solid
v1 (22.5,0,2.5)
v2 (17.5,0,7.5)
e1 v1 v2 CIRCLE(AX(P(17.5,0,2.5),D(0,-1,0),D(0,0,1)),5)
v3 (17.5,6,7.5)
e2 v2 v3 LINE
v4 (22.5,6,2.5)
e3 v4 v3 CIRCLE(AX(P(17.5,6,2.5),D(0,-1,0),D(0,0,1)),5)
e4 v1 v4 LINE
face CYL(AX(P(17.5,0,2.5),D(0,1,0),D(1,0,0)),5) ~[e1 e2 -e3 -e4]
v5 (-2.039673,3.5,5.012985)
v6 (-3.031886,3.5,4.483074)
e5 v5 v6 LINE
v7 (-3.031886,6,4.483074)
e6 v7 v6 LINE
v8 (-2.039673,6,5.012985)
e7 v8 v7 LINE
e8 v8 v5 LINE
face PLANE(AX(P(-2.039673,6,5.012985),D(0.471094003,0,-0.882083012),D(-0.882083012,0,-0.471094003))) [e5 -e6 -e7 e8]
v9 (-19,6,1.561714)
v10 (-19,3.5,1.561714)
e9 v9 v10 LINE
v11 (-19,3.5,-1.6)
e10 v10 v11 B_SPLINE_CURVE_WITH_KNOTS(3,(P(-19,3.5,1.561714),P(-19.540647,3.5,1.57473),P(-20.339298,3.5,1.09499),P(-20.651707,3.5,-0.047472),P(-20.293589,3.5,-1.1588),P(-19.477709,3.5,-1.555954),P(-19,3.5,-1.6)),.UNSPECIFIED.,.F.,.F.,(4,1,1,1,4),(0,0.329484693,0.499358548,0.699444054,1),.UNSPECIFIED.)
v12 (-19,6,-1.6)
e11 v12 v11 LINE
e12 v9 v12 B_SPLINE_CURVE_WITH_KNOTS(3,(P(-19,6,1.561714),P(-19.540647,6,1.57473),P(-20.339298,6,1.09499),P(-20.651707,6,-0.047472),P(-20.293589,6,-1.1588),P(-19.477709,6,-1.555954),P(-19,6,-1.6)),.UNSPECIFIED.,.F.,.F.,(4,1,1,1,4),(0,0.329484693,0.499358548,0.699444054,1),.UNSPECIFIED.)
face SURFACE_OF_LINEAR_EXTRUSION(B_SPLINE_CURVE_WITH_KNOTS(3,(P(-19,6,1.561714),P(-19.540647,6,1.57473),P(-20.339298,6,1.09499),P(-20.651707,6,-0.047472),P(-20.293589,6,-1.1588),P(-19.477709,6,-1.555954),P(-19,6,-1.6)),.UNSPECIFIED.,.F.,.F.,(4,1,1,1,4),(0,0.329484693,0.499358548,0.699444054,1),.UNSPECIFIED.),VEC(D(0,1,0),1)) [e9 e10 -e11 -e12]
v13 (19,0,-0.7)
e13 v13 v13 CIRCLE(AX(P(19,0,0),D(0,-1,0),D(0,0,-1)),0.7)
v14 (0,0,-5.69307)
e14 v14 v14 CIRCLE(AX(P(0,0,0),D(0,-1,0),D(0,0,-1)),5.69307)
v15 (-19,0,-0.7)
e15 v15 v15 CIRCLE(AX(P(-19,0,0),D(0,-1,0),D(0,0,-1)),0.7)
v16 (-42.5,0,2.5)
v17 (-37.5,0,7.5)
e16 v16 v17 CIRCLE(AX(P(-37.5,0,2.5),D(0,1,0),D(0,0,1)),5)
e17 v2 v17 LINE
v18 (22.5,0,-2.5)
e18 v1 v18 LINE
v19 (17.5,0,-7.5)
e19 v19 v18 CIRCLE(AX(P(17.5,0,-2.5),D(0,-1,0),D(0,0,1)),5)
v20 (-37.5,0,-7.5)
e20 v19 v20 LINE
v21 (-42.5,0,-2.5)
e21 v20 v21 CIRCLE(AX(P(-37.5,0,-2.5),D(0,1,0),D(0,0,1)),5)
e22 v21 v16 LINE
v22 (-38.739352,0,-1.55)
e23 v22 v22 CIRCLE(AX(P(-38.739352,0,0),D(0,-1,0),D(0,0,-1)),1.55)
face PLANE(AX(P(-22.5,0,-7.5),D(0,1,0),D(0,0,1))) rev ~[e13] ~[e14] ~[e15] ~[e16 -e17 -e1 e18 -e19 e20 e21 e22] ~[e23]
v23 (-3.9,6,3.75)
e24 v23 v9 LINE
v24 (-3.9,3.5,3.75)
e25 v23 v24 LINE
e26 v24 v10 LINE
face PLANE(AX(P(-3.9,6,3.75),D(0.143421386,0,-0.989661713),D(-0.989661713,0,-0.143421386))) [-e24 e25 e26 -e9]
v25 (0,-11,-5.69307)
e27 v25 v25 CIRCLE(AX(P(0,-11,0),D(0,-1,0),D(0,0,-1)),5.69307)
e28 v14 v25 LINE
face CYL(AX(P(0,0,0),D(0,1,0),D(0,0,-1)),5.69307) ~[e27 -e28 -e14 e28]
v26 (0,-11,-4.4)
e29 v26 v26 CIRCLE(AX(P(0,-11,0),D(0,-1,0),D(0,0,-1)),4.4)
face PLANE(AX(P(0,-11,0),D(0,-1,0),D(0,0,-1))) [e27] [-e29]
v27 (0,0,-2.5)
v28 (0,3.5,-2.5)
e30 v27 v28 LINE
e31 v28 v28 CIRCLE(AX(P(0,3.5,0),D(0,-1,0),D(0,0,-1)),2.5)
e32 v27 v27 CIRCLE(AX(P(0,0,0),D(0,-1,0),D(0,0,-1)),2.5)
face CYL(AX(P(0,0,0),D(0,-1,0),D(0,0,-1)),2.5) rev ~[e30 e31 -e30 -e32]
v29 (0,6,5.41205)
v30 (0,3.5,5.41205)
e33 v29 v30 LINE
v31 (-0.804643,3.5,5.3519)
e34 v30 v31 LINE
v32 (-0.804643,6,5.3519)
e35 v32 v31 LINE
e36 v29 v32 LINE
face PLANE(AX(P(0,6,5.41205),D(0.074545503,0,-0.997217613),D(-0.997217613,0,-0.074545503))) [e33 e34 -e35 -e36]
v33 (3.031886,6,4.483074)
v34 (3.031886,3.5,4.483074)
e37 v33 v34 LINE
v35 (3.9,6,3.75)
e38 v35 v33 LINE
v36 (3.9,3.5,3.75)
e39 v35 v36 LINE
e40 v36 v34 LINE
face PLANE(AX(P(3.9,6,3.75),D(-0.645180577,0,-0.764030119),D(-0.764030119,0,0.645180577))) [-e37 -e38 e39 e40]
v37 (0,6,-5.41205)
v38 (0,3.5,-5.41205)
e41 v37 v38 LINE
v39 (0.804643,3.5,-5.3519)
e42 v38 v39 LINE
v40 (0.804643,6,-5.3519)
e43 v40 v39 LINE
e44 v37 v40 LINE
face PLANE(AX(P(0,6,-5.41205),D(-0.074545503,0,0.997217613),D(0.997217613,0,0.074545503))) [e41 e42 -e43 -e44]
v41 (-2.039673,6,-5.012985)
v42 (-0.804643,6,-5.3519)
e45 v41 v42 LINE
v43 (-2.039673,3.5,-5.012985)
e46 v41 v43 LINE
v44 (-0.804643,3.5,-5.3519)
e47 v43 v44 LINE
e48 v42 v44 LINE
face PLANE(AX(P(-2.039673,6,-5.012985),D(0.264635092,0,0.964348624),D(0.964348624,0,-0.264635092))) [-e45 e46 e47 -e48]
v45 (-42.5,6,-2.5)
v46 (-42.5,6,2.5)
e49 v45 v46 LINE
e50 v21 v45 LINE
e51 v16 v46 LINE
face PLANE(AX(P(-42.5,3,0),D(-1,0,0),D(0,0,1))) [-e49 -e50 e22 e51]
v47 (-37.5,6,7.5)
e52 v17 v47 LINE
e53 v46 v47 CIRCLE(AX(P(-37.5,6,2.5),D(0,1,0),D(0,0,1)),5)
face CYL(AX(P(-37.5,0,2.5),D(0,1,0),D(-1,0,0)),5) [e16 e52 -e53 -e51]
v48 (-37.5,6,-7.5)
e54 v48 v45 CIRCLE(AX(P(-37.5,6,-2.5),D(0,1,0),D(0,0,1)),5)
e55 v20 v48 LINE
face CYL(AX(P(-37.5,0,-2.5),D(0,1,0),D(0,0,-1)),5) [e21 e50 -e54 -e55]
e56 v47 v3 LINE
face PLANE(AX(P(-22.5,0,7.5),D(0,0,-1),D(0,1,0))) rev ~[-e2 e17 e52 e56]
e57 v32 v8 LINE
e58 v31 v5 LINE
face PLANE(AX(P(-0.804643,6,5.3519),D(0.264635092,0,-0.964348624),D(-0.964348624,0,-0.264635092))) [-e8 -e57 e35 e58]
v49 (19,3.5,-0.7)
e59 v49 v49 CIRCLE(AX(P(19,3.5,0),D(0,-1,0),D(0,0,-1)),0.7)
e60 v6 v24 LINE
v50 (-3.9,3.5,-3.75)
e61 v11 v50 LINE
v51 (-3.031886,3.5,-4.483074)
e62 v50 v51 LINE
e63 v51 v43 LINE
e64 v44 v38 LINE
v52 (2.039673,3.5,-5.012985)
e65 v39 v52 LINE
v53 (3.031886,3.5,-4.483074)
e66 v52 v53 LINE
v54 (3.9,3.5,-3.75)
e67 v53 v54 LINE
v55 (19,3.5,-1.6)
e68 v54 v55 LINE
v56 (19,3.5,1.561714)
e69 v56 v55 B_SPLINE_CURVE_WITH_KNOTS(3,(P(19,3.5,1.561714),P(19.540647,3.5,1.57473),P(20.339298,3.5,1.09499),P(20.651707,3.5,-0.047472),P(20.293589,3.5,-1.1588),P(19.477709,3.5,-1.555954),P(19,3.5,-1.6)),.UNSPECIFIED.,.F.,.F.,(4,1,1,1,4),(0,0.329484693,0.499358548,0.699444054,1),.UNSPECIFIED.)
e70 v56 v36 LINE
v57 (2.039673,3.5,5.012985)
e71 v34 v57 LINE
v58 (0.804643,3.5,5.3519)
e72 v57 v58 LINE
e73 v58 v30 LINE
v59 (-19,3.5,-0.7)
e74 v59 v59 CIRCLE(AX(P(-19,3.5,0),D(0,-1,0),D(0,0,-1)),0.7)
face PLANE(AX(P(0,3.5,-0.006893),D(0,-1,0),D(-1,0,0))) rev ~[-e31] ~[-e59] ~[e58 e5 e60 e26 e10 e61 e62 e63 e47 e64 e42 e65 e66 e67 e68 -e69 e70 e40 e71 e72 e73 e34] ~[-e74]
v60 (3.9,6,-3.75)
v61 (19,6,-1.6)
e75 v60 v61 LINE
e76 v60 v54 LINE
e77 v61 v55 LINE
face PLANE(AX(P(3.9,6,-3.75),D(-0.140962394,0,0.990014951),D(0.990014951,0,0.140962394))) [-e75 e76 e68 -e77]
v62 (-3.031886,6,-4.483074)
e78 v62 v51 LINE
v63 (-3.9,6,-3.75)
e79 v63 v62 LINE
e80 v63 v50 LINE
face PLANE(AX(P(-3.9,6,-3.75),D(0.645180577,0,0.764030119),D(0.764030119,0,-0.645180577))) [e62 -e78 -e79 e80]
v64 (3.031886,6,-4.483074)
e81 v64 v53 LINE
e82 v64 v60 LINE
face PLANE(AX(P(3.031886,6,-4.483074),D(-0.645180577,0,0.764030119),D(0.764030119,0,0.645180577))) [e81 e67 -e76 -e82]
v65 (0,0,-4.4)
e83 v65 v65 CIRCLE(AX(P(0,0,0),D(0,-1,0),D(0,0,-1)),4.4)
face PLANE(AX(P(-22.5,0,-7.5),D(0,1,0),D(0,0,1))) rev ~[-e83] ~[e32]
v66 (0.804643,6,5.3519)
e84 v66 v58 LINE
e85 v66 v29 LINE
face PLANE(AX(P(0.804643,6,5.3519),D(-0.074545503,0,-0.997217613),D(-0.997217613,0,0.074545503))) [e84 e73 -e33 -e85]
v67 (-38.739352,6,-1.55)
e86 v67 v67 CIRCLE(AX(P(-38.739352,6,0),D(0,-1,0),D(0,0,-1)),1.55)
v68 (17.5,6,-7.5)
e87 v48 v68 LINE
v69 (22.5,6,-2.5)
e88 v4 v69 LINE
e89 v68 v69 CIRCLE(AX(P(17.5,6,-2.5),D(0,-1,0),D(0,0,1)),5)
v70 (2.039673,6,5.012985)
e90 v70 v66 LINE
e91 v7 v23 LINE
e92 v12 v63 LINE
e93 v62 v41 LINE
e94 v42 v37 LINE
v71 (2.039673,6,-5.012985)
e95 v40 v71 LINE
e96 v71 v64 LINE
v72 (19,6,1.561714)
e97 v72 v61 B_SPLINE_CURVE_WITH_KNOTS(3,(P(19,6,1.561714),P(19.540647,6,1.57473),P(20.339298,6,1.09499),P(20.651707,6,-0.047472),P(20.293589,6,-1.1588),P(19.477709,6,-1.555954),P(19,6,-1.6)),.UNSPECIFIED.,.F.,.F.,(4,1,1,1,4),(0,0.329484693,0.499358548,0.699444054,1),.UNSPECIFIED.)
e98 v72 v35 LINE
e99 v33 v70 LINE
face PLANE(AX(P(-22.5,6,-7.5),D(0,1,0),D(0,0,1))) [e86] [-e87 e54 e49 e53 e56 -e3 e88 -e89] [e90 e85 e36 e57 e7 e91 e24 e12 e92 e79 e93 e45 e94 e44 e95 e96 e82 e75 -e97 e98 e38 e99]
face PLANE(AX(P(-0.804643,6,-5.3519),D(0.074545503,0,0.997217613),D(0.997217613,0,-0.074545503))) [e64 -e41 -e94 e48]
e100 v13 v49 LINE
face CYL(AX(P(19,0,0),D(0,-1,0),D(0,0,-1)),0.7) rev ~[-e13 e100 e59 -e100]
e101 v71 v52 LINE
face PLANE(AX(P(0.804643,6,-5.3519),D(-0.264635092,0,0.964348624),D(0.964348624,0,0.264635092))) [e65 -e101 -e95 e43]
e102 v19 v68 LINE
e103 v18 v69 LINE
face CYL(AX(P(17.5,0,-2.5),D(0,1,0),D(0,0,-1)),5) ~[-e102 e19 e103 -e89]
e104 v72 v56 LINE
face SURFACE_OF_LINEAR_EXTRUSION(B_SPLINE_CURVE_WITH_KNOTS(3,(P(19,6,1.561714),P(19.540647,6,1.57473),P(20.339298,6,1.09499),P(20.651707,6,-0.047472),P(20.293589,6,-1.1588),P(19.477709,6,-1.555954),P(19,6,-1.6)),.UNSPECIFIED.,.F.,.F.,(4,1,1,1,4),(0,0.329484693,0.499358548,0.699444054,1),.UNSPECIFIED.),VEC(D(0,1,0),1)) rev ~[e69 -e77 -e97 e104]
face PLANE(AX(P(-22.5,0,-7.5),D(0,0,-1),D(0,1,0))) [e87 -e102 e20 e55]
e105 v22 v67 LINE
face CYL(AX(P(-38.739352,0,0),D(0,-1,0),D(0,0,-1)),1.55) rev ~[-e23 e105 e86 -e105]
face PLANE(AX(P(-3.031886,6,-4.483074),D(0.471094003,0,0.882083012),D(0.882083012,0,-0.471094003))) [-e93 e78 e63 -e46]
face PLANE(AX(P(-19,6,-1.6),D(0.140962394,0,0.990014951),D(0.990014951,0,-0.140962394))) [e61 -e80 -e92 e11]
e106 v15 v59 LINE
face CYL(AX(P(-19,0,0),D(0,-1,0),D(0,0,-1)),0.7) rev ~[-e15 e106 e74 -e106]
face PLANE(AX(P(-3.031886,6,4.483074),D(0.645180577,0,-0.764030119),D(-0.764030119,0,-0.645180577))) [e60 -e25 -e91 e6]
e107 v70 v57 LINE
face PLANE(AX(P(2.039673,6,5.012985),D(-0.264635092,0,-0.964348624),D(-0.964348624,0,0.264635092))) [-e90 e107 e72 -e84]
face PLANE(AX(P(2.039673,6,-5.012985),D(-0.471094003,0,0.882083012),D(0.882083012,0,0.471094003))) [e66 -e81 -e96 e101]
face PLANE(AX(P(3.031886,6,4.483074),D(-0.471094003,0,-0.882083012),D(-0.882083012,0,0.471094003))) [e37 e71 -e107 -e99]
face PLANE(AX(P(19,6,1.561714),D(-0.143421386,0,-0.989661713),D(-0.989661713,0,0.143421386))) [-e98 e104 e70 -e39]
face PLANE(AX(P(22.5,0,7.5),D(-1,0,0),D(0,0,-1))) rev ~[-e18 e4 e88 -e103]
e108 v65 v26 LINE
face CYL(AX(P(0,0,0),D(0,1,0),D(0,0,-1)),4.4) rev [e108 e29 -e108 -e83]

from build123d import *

# Parameters (mm, degrees)
ESQUISSE1_W             = 45
ESQUISSE1_H             = 15
BOSS_EXTRU_1_DEPTH      = 6
ESQUISSE2_R             = 2.5
ENL_V_MAT_EXTRU_1_DEPTH = 6
ESQUISSE4_R             = 0.7
ENL_V_MAT_EXTRU_2_DEPTH = 7
ENL_V_MAT_EXTRU_3_DEPTH = 2.5
ESQUISSE7_W             = 15
ESQUISSE7_H             = 6
BOSS_EXTRU_2_DEPTH      = 20
ESQUISSE8_R             = 1.55
ENL_V_MAT_EXTRU_4_DEPTH = 7.5
CONG_1_R                = 5
ESQUISSE9_R             = 5.693069504
ESQUISSE9_R_2           = 4.4
BOSS_EXTRU_3_DEPTH      = 11


with BuildPart() as part:
    # Esquisse1 → Boss.-Extru.1 (new body)
    with BuildSketch(Plane(origin=(0, 0, 0), x_dir=(1, 0, 0), z_dir=(0, 1, 0))):
        Rectangle(ESQUISSE1_W, ESQUISSE1_H)
    extrude(amount=BOSS_EXTRU_1_DEPTH)

    # Esquisse2 → Enlèv. mat.-Extru.1 (cut)
    with BuildSketch(Plane.XZ):
        with Locations(Location((0, 0, 0), (0, 0, 270))):
            Circle(ESQUISSE2_R)
    extrude(amount=-ENL_V_MAT_EXTRU_1_DEPTH, mode=Mode.SUBTRACT)

    # Esquisse4 → Enlèv. mat.-Extru.2 (cut)
    with BuildSketch(Plane.XZ):
        with Locations(Location((19, 0, 0), (0, 0, 270))):
            Circle(ESQUISSE4_R)
        with Locations(Location((-19, 0, 0), (0, 0, 270))):
            Circle(ESQUISSE4_R)
    extrude(amount=-ENL_V_MAT_EXTRU_2_DEPTH, mode=Mode.SUBTRACT)

    # Esquisse3 → Enlèv. mat.-Extru.3 (cut)
    with BuildSketch(Plane(origin=(0, 6, 0), x_dir=(1, 0, 0), z_dir=(0, 1, 0))):
        with BuildLine():
            Line((19, -1.561713939), (3.9, -3.75))
            Line((3.9, -3.75), (3.031885991, -4.483073583))
            Line((3.031885991, -4.483073583), (2.039673068, -5.012984659))
            Line((2.039673068, -5.012984659), (0.804642856, -5.351899783))
            Line((0.804642856, -5.351899783), (0, -5.41204965))
            Line((0, -5.41204965), (-0.804642856, -5.351899783))
            Line((-0.804642856, -5.351899783), (-2.039673068, -5.012984659))
            Line((-2.039673068, -5.012984659), (-3.031885991, -4.483073583))
            Line((-3.031885991, -4.483073583), (-3.9, -3.75))
            Line((-3.9, -3.75), (-19, -1.561713939))
            add(Edge.make_bspline(
                [(-19, -1.561713939), (-19.54064696, -1.574730153), (-20.339297961, -1.094989964), (-20.651707254, 0.047472401), (-20.293588536, 1.158800051), (-19.477708587, 1.555954085), (-19, 1.6)],
                knots=[0, 0, 0, 0, 0.329484693, 0.499358548, 0.699444054, 1, 1, 1, 1], degree=3))
            Line((-19, 1.6), (-3.9, 3.75))
            Line((-3.9, 3.75), (-3.031885991, 4.483073583))
            Line((-3.031885991, 4.483073583), (-2.039673068, 5.012984659))
            Line((-2.039673068, 5.012984659), (-0.804642856, 5.351899783))
            Line((-0.804642856, 5.351899783), (0, 5.41204965))
            Line((0, 5.41204965), (0.804642856, 5.351899783))
            Line((0.804642856, 5.351899783), (2.039673068, 5.012984659))
            Line((2.039673068, 5.012984659), (3.031885991, 4.483073583))
            Line((3.031885991, 4.483073583), (3.9, 3.75))
            Line((3.9, 3.75), (19, 1.6))
            add(Edge.make_bspline(
                [(19, -1.561713939), (19.54064696, -1.574730153), (20.339297961, -1.094989964), (20.651707254, 0.047472401), (20.293588536, 1.158800051), (19.477708587, 1.555954085), (19, 1.6)],
                knots=[0, 0, 0, 0, 0.329484693, 0.499358548, 0.699444054, 1, 1, 1, 1], degree=3))
        make_face()
    extrude(amount=-ENL_V_MAT_EXTRU_3_DEPTH, mode=Mode.SUBTRACT)

    # Esquisse7 → Boss.-Extru.2 (add)
    with BuildSketch(Plane.ZY.offset(22.5)):
        with Locations((0, 3)):
            Rectangle(ESQUISSE7_W, ESQUISSE7_H)
    extrude(amount=BOSS_EXTRU_2_DEPTH)

    # Esquisse8 → Enlèv. mat.-Extru.4 (cut)
    with BuildSketch(Plane.XZ):
        with Locations(Location((-38.739352064, 0, 0), (0, 0, 270))):
            Circle(ESQUISSE8_R)
    extrude(amount=-ENL_V_MAT_EXTRU_4_DEPTH, mode=Mode.SUBTRACT)

    # Congé1
    cong_1_edges = [part.edges().sort_by_distance(p)[0] for p in [
        (22.5, 3, 7.5),
        (22.5, 3, -7.5),
        (-42.5, 3, -7.5),
        (-42.5, 3, 7.5),
    ]]
    fillet(cong_1_edges, radius=CONG_1_R)

    # Esquisse9 → Boss.-Extru.3 (add)
    with BuildSketch(Plane.XZ):
        with Locations(Location((0, 0, 0), (0, 0, 270))):
            Circle(ESQUISSE9_R)
        with Locations(Location((0, 0, 0), (0, 0, 270))):
            Circle(ESQUISSE9_R_2, mode=Mode.SUBTRACT)
    extrude(amount=BOSS_EXTRU_3_DEPTH)


solid = part.part
